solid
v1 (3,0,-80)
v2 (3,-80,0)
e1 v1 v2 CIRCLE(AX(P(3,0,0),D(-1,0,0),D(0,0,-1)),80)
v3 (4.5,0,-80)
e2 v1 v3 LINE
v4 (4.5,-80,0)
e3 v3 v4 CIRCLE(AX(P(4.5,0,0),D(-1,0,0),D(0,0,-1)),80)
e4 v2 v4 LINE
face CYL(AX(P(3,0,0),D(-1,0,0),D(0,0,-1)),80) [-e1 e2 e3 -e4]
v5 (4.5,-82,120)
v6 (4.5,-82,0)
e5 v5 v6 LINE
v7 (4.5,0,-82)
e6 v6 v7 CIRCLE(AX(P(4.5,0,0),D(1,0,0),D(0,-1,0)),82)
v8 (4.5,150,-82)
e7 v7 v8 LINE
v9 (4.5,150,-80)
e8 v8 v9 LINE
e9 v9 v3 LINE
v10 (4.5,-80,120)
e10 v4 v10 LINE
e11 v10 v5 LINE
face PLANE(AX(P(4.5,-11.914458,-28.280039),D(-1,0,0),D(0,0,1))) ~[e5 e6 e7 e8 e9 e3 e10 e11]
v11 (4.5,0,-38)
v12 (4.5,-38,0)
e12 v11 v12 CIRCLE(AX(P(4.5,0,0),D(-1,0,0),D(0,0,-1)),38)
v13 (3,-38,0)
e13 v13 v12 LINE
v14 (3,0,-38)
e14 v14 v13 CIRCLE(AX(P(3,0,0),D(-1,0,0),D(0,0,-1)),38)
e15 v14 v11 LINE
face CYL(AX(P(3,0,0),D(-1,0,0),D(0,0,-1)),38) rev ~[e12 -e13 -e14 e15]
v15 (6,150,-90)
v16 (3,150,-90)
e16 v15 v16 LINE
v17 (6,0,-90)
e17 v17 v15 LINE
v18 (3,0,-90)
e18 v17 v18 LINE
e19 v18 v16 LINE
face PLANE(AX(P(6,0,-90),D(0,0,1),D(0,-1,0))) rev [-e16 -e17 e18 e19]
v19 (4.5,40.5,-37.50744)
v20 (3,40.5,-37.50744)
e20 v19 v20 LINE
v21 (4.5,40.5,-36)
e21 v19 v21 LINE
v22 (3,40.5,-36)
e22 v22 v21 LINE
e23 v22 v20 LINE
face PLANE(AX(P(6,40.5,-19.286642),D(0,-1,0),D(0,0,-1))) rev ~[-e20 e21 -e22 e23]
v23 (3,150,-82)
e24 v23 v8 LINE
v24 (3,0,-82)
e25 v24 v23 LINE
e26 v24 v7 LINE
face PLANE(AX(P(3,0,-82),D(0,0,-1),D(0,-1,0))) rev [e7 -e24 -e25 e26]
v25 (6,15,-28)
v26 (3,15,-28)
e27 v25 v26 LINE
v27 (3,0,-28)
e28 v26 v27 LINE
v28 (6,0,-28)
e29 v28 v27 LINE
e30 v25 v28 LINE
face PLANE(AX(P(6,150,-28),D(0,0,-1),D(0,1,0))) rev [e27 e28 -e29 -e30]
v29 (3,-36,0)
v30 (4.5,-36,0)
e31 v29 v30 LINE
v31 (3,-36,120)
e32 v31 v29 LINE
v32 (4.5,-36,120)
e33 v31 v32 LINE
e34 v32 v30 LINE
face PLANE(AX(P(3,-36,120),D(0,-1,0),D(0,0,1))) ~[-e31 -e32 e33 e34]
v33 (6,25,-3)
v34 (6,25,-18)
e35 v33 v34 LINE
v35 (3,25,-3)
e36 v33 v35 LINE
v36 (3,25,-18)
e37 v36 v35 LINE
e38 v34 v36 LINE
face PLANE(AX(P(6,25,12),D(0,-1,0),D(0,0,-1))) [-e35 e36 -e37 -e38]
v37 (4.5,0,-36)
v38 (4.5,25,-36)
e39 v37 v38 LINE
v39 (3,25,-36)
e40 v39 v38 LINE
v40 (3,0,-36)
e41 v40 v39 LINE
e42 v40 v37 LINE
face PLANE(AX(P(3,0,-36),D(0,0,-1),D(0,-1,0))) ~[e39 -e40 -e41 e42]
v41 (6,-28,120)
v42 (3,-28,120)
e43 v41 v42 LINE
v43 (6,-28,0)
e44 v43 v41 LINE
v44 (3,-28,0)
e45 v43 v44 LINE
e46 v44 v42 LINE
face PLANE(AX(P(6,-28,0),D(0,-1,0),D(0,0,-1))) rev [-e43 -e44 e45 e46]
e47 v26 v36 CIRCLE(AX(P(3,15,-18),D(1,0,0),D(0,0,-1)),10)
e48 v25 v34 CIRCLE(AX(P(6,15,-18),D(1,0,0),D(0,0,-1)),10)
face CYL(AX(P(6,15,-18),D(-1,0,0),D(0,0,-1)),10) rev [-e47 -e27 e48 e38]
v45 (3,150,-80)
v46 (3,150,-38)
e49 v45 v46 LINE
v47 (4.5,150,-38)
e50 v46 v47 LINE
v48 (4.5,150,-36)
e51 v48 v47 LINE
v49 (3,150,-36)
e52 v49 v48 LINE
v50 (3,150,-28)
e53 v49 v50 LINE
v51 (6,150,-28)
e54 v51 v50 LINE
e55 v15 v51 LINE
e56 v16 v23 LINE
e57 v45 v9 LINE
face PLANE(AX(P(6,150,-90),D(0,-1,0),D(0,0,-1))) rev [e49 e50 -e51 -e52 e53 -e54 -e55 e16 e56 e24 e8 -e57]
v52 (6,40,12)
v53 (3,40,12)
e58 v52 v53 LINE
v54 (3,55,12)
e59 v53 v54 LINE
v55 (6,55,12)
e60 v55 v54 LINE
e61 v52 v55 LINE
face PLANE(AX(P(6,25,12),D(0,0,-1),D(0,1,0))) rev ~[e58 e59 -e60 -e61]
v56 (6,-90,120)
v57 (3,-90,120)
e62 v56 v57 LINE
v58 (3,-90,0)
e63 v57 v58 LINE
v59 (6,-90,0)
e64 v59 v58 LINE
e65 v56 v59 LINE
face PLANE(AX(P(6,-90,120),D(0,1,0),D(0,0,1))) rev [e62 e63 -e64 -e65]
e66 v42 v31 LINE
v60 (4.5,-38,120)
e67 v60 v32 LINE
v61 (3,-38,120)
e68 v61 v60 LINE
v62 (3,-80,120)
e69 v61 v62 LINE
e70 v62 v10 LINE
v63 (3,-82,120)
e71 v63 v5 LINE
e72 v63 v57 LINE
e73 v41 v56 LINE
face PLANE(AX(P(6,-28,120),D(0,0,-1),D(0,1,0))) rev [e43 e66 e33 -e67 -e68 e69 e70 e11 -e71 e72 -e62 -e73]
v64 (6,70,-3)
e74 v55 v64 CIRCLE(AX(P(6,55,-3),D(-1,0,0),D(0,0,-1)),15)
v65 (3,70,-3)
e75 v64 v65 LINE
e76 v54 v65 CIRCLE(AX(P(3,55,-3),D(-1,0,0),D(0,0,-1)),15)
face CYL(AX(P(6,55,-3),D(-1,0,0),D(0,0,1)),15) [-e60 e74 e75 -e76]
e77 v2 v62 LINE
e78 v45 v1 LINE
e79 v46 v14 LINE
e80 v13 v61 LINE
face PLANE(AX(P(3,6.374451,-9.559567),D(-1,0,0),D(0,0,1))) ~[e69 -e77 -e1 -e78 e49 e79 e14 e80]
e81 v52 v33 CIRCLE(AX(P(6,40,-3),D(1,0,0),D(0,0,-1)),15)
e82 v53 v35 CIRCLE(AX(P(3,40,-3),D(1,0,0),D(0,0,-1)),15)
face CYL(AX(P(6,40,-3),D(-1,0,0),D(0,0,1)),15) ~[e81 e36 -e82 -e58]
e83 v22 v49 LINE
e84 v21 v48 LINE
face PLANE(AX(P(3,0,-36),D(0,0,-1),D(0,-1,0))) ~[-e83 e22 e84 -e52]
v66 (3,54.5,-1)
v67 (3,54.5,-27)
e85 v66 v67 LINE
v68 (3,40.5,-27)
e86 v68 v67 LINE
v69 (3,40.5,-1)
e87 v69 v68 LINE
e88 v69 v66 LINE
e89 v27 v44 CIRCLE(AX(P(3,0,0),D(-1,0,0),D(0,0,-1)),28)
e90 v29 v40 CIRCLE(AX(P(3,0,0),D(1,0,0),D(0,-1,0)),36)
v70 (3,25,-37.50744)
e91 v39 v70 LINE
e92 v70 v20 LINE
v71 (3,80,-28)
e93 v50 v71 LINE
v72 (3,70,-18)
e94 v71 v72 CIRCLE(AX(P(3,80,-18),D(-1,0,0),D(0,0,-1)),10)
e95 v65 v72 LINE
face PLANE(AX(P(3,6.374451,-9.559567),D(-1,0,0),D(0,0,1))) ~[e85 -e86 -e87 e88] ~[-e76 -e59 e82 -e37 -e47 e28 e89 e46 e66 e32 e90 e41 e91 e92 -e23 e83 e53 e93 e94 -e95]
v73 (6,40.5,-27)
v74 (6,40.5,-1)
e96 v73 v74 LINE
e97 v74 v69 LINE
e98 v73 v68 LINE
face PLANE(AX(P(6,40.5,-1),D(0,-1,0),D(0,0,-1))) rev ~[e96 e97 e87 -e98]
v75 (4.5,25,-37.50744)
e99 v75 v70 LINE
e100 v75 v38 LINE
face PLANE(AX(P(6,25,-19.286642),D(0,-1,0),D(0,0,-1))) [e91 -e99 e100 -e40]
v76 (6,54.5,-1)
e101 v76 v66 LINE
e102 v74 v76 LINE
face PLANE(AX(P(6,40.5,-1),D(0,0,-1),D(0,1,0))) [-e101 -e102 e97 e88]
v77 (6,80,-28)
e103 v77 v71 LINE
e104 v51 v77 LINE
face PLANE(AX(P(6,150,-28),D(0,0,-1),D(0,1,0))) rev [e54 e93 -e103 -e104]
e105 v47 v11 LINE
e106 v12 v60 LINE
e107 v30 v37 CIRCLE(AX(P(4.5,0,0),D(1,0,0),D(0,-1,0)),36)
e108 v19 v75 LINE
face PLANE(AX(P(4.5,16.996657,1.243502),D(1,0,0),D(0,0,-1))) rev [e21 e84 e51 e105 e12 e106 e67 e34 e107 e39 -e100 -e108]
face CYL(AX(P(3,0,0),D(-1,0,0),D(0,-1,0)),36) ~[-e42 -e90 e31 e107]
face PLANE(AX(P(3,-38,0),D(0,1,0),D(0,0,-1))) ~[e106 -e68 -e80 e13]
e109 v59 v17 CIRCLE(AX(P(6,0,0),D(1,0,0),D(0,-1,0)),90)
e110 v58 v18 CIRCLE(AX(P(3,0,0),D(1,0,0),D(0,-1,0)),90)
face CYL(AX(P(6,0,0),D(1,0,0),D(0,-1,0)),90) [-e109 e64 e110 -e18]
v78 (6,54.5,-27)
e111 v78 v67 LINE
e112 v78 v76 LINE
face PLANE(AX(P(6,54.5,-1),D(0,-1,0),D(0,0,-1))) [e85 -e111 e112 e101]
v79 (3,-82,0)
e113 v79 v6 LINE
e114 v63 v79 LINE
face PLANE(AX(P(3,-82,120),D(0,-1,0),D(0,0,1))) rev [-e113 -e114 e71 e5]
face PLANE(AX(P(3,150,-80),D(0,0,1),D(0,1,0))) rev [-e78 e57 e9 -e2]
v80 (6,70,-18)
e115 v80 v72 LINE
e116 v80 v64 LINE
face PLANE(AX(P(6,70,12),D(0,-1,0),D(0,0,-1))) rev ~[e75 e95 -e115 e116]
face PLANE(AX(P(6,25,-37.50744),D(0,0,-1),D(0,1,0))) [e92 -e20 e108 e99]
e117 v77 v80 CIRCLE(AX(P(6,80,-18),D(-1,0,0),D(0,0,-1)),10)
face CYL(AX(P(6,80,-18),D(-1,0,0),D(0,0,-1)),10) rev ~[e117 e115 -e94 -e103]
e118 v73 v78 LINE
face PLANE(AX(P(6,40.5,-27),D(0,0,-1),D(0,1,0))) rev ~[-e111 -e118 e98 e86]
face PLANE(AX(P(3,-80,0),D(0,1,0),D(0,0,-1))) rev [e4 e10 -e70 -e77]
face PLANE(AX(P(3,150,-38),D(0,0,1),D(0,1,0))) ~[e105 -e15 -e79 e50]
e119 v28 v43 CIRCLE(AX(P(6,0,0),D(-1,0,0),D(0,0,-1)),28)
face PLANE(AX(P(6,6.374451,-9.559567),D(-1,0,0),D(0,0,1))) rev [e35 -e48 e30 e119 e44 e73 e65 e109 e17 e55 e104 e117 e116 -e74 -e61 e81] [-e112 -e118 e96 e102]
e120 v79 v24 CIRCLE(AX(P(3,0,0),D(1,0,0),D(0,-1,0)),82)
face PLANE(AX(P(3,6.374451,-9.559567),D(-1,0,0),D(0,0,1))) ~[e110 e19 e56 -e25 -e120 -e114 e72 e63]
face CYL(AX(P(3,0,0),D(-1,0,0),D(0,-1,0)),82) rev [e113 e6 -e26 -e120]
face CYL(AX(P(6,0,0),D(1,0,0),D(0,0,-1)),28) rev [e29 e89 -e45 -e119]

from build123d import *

# Parameters (mm, degrees)
BOSS_EXTRUDE1_DEPTH = 3
CUT_EXTRUDE1_DEPTH  = 1.5
SKETCH5_W           = 40
SKETCH5_H           = 45
BOSS_EXTRUDE2_DEPTH = 3
SKETCH6_W           = 26
SKETCH6_H           = 14
CUT_EXTRUDE2_DEPTH  = 3
FILLET1_R           = 15
SKETCH7_W           = 10.438197785
SKETCH7_H           = 15.5
SKETCH7_W_2         = 18.220797936
BOSS_EXTRUDE3_DEPTH = 3
FILLET2_R           = 10


with BuildPart() as part:
    # Sketch1 → Boss-Extrude1 (new body)
    with BuildSketch(Plane(origin=(0, 0, 0), x_dir=(0, 0, -1), z_dir=(1, 0, 0))):
        with BuildLine():
            Line((0, -28), (-120, -28))
            Line((-120, -28), (-120, -90))
            Line((-120, -90), (0, -90))
            ThreePointArc((0, -90), (63.639610307, -63.639610307), (90, 0))
            Line((90, 0), (90, 150))
            Line((90, 150), (28, 150))
            Line((28, 150), (28, 0))
            ThreePointArc((28, 0), (19.798989873, -19.798989873), (0, -28))
        make_face()
    extrude(amount=BOSS_EXTRUDE1_DEPTH)

    # Sketch2 → Cut-Extrude1 (cut)
    with BuildSketch(Plane(origin=(3, 0, 0), x_dir=(0, 0, -1), z_dir=(1, 0, 0))):
        with BuildLine():
            Line((0, -38), (-120, -38))
            Line((-120, -38), (-120, -36))
            Line((-120, -36), (0, -36))
            ThreePointArc((0, -36), (25.455844123, -25.455844123), (36, 0))
            Line((36, 0), (36, 150))
            Line((36, 150), (38, 150))
            Line((38, 150), (38, 0))
            ThreePointArc((38, 0), (26.870057685, -26.870057685), (0, -38))
        make_face()
        with BuildLine():
            Line((0, -80), (-120, -80))
            Line((-120, -80), (-120, -82))
            Line((-120, -82), (0, -82))
            ThreePointArc((0, -82), (57.982756057, -57.982756057), (82, 0))
            Line((82, 0), (82, 150))
            Line((82, 150), (80, 150))
            Line((80, 150), (80, 0))
            ThreePointArc((80, 0), (56.568542495, -56.568542495), (0, -80))
        make_face()
    extrude(amount=-CUT_EXTRUDE1_DEPTH, mode=Mode.SUBTRACT)


with BuildPart() as body_2:
    # Mirror1: mirrored copy
    add(part.part.mirror(Plane(origin=(3, 0, 0), x_dir=(0, 0, 1), z_dir=(1, 0, 0))))



with BuildPart() as body_2_2:
    # Sketch5 → Boss-Extrude2 (new body)
    with BuildSketch(Plane(origin=(6, 0, 0), x_dir=(0, 0, -1), z_dir=(1, 0, 0))):
        with Locations((8, 47.5)):
            Rectangle(SKETCH5_W, SKETCH5_H)
    extrude(amount=-BOSS_EXTRUDE2_DEPTH)

    # Sketch6 → Cut-Extrude2 (cut)
    with BuildSketch(Plane(origin=(6, 0, 0), x_dir=(0, 0, -1), z_dir=(1, 0, 0))):
        with Locations((14, 47.5)):
            Rectangle(SKETCH6_W, SKETCH6_H)
    extrude(amount=-CUT_EXTRUDE2_DEPTH, mode=Mode.SUBTRACT)

    # Fillet1
    fillet1_edges = [body_2_2.edges().sort_by_distance(p)[0] for p in [
        (4.5, 25, 12),
        (4.5, 70, 12),
    ]]
    fillet(fillet1_edges, radius=FILLET1_R)


with BuildPart() as body_2_1:
    add(body_2.part)

    add(body_2_2.part)  # Boss-Extrude3 merges body 2 2
    # Sketch7 → Boss-Extrude3 (add)
    with BuildSketch(Plane(origin=(6, 0, 0), x_dir=(0, 0, -1), z_dir=(1, 0, 0))):
        with Locations((26.467997442, 62.25)):
            Rectangle(SKETCH7_W, SKETCH7_H)
        with Locations((28.397040912, 32.75)):
            Rectangle(SKETCH7_W_2, SKETCH7_H)
    extrude(amount=-BOSS_EXTRUDE3_DEPTH)

    # Fillet2
    fillet2_edges = [body_2_1.edges().sort_by_distance(p)[0] for p in [
        (4.5, 70, -28),
        (4.5, 25, -28),
    ]]
    fillet(fillet2_edges, radius=FILLET2_R)


solid = body_2_1.part
